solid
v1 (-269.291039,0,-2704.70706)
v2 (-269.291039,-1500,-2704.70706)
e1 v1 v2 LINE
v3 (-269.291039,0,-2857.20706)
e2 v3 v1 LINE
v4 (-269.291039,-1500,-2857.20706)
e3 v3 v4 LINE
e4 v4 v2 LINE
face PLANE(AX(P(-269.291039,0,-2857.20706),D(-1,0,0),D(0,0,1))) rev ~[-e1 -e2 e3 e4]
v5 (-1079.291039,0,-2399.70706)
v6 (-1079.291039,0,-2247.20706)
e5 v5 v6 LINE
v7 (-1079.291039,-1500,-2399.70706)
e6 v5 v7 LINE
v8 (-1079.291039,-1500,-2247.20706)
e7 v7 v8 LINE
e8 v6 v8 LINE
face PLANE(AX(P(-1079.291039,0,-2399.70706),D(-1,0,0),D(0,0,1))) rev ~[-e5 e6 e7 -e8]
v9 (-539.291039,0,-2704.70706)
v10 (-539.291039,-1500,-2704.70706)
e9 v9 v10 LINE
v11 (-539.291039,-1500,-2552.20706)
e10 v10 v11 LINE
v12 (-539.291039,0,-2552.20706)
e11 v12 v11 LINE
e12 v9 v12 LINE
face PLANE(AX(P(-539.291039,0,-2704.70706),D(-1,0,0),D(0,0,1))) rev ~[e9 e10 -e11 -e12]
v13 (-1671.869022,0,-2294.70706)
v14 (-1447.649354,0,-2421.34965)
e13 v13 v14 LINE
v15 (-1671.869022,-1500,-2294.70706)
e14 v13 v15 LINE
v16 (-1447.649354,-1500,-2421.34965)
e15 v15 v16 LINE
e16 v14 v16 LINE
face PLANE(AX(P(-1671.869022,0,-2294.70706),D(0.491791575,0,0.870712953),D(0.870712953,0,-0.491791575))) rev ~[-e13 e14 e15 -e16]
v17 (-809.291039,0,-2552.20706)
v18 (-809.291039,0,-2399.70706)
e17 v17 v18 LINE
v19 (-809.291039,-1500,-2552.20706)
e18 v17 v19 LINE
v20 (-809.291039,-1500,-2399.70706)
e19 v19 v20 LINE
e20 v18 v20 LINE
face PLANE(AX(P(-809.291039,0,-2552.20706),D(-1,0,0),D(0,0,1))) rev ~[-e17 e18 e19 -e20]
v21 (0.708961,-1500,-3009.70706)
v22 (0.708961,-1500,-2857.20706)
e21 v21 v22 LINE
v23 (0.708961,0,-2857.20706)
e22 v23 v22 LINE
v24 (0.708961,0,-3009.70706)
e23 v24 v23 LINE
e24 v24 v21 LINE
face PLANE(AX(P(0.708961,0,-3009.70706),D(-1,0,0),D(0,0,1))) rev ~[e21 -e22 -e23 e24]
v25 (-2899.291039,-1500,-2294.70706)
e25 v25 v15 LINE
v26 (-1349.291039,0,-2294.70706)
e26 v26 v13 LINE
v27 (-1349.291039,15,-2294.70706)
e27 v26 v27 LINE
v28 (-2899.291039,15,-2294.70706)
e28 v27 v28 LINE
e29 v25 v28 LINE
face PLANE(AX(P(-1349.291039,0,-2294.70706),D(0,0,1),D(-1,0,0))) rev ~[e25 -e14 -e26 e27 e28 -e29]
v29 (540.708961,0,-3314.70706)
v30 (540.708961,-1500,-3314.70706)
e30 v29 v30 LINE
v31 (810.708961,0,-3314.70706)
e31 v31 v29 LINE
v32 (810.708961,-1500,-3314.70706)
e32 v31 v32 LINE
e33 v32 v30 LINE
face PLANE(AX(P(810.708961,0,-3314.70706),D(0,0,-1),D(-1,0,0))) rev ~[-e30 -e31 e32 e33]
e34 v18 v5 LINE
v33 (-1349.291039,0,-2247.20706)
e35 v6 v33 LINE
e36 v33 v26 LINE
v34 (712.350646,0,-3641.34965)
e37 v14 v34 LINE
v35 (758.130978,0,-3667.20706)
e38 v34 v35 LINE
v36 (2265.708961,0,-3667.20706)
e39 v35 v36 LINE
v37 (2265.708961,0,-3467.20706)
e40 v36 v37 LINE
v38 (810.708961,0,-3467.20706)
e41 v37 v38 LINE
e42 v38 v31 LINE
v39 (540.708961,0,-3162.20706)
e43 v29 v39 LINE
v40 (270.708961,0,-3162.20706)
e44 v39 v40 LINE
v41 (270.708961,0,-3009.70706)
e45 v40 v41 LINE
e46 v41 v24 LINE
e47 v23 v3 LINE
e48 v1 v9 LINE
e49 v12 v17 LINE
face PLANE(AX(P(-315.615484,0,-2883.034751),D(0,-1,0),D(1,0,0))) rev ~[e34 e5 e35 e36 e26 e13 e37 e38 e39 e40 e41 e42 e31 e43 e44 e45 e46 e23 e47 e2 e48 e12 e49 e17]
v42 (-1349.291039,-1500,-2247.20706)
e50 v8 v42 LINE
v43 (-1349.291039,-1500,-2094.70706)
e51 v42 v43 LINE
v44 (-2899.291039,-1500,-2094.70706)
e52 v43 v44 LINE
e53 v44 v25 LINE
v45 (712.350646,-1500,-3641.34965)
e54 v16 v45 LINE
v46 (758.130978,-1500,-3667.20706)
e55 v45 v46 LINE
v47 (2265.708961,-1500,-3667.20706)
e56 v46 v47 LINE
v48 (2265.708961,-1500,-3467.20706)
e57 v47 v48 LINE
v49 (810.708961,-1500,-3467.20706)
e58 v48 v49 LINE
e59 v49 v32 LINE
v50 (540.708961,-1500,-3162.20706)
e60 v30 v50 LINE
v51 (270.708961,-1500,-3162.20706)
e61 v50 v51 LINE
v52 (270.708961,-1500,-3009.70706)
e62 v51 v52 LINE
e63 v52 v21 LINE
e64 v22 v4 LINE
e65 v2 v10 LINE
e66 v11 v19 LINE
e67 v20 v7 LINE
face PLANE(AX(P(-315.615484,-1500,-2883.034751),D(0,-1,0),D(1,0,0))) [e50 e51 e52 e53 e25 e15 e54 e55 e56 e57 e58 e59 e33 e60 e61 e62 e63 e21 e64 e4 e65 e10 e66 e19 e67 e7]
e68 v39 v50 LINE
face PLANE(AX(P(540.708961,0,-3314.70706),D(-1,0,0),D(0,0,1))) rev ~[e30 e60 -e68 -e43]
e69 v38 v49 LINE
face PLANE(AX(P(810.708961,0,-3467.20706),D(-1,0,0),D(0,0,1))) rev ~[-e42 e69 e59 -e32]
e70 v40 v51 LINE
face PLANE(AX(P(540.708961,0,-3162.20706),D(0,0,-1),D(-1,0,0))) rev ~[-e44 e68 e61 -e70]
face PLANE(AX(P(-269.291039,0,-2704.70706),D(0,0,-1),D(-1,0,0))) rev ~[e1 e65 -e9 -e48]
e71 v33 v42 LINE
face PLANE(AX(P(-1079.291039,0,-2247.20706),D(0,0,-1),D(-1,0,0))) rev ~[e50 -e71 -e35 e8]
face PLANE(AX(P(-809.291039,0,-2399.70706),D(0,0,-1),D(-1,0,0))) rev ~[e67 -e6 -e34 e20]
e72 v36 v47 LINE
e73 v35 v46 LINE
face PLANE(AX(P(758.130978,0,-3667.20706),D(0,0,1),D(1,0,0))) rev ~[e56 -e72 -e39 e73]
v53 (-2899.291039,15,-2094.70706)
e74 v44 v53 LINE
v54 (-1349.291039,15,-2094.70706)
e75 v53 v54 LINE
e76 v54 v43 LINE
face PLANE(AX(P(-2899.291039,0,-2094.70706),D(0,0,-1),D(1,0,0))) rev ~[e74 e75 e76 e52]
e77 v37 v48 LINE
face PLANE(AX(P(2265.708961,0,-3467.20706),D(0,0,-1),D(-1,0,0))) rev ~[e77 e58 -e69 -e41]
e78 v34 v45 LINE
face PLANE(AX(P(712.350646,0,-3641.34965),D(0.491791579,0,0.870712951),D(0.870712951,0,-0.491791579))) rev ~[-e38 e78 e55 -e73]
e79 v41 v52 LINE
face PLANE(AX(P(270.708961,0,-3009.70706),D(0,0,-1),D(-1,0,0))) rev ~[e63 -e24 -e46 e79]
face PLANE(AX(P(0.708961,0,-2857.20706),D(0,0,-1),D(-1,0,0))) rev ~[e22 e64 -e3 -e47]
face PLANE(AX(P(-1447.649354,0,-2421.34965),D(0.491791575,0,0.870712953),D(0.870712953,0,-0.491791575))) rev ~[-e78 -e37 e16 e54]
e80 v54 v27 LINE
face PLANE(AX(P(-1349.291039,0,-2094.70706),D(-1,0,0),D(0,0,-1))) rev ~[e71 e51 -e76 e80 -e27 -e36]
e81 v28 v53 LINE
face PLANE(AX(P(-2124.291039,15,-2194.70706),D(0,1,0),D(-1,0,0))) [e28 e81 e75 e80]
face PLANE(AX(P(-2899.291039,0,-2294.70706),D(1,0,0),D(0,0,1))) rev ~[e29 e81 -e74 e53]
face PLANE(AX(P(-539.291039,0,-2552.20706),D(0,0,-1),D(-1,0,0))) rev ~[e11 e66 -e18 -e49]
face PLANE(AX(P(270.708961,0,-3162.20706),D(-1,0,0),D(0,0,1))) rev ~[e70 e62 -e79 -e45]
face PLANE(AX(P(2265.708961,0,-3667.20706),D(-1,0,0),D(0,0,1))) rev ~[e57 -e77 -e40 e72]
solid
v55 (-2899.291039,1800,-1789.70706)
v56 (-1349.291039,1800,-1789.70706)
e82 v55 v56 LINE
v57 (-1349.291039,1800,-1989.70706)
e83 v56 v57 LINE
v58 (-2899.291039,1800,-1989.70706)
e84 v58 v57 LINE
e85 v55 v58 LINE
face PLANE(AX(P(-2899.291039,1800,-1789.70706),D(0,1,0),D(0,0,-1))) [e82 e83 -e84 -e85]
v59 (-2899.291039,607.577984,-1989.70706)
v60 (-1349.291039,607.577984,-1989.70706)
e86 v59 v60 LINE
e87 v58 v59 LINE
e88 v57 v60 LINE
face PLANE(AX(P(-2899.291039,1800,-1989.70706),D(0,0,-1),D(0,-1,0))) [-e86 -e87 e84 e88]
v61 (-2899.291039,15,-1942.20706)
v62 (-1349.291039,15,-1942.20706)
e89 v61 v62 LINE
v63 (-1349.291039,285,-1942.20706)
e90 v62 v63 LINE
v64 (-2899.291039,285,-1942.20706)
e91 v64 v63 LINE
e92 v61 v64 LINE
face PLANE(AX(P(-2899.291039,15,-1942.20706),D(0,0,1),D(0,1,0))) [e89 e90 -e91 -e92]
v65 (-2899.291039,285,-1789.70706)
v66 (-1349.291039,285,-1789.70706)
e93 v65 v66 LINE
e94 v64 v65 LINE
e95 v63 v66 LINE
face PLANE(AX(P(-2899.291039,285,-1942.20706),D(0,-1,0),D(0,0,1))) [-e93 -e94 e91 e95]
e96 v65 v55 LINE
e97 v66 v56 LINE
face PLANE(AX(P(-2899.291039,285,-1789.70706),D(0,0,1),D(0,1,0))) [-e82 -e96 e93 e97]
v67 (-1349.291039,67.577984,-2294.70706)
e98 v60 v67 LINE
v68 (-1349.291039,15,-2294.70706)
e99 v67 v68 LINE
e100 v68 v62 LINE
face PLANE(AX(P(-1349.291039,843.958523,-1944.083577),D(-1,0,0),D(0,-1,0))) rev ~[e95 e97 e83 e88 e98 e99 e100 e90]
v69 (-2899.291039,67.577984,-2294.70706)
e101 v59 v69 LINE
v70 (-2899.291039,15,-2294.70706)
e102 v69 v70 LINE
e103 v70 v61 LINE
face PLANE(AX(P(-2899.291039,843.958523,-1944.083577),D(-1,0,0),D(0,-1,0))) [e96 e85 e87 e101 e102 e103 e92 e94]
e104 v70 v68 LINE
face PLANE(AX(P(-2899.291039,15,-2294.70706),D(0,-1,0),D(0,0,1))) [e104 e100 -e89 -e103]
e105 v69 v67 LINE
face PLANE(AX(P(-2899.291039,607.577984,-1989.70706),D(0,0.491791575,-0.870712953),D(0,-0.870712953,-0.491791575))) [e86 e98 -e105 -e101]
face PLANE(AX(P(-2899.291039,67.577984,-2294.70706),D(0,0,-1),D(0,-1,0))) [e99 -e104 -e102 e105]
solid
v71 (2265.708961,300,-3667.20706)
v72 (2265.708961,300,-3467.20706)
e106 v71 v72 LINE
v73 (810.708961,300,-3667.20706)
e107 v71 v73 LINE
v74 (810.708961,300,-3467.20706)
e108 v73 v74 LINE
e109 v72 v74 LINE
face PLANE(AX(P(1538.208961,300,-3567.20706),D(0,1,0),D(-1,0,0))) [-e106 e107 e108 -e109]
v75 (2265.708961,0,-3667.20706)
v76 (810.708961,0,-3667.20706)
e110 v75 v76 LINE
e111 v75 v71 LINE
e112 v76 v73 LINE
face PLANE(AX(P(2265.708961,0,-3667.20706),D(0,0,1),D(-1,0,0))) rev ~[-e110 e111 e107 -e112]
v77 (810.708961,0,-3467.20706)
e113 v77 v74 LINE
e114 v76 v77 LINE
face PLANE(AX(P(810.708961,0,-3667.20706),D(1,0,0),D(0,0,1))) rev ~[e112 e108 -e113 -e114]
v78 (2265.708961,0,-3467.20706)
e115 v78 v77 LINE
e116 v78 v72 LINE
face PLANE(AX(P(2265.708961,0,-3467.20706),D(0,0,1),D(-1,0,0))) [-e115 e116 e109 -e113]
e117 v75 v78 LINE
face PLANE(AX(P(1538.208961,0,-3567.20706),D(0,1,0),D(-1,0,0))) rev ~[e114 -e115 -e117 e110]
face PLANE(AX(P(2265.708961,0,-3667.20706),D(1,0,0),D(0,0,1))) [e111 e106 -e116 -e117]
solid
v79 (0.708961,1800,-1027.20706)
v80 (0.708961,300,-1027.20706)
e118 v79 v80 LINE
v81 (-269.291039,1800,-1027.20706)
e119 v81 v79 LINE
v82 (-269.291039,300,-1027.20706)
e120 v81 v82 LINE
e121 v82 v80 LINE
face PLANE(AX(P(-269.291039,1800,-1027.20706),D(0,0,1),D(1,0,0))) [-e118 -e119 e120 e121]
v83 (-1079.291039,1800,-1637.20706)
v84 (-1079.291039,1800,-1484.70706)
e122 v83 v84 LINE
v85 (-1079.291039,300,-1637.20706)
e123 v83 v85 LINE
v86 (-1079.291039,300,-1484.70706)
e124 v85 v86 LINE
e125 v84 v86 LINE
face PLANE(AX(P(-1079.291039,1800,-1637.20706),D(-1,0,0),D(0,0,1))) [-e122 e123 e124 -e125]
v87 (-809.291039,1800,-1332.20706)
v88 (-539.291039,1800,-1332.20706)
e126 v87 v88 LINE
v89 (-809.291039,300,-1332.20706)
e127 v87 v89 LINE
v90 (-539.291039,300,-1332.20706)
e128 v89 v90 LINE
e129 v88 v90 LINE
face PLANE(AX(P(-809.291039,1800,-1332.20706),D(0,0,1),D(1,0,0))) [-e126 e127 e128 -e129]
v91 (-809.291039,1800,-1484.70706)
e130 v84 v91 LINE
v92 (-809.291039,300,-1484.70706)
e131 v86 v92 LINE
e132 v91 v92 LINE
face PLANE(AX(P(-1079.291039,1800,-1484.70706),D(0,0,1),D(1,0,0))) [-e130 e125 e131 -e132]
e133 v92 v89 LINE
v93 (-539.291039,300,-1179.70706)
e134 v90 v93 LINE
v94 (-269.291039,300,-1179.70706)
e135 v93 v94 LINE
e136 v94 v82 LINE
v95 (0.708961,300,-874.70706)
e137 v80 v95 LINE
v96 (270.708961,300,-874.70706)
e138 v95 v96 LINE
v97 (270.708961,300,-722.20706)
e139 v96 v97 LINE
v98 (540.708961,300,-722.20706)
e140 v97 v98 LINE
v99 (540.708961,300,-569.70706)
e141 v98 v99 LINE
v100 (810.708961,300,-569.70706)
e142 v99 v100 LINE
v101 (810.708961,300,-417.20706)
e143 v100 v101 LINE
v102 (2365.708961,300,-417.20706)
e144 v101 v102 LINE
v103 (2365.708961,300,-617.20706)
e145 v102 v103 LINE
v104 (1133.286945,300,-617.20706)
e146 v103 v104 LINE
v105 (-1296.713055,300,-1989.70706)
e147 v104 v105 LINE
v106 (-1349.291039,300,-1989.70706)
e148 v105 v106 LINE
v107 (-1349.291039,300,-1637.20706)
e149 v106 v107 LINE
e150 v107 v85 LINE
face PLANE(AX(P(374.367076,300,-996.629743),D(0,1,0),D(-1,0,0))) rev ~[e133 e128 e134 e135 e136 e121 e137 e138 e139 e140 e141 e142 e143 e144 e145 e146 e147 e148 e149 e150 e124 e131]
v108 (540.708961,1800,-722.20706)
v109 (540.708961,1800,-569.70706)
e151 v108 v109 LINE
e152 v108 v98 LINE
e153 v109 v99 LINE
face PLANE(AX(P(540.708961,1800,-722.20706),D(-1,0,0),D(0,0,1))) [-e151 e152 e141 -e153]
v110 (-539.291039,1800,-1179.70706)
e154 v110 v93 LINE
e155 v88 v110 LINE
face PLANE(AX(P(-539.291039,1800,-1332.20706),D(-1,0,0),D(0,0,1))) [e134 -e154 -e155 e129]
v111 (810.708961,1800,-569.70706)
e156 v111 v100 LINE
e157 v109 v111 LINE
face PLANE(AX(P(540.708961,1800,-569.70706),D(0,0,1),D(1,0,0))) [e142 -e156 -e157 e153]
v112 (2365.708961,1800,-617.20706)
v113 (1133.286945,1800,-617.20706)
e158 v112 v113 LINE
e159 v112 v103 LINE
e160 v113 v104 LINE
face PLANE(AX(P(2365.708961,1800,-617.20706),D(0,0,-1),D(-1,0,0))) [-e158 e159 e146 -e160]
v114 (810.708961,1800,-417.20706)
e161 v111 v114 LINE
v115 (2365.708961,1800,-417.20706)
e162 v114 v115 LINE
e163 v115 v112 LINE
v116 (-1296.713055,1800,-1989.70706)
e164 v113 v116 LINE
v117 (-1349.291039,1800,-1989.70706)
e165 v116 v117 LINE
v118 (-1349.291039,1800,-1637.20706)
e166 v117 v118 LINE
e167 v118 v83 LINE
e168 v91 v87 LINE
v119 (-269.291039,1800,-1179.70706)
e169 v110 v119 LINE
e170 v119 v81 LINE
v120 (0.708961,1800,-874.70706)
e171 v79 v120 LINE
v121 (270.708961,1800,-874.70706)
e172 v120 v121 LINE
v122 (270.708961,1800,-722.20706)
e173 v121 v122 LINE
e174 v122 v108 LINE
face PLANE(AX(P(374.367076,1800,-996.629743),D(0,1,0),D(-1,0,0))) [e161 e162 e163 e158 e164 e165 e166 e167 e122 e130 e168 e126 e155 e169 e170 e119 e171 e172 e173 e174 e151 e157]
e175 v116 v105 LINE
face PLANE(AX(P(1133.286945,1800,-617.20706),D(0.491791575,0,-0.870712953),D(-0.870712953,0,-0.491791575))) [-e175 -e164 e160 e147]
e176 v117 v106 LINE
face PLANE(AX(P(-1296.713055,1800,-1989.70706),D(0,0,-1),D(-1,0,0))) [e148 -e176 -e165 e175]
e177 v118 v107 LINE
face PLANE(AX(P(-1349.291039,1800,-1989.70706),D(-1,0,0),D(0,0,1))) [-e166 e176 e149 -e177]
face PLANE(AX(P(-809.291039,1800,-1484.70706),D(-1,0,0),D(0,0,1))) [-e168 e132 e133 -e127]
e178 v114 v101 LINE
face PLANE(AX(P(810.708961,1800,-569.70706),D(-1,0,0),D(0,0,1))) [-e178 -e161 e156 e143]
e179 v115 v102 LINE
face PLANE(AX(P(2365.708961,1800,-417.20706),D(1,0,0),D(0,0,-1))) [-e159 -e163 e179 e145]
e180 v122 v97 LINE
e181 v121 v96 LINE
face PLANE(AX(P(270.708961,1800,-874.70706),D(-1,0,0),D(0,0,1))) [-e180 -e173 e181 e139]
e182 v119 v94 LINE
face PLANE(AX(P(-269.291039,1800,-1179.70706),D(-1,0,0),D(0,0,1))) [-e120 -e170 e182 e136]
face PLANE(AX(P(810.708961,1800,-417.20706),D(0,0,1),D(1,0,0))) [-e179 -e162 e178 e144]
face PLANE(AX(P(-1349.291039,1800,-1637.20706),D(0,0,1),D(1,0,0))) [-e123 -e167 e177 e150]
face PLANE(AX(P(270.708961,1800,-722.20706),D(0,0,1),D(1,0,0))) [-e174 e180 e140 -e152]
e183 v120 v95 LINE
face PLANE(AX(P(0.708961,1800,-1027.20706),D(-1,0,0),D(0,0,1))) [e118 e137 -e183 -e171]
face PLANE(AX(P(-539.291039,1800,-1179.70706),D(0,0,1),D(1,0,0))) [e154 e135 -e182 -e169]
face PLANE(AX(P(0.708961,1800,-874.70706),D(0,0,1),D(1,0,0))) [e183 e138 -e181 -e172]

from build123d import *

# Parameters (mm, degrees)
F1_DEPTH = 1500
F3_DEPTH = 15
F5_DEPTH = 1550
F7_DEPTH = 1500
F8_W     = 1455
F8_H     = 200
F9_DEPTH = 300


with BuildPart() as f1:
    # F0 (on Front) → F1 (new body)
    with BuildSketch(Plane.XZ):
        Polygon((-1349.291039, -2094.70706), (-2899.291039, -2094.70706), (-2899.291039, -2294.70706), (-1671.869022, -2294.70706), (-1447.649354, -2421.34965), (712.350646, -3641.34965), (758.130978, -3667.20706), (2265.708961, -3667.20706), (2265.708961, -3467.20706), (810.708961, -3467.20706), (810.708961, -3314.70706), (540.708961, -3314.70706), (540.708961, -3162.20706), (270.708961, -3162.20706), (270.708961, -3009.70706), (0.708961, -3009.70706), (0.708961, -2857.20706), (-269.291039, -2857.20706), (-269.291039, -2704.70706), (-539.291039, -2704.70706), (-539.291039, -2552.20706), (-809.291039, -2552.20706), (-809.291039, -2399.70706), (-1079.291039, -2399.70706), (-1079.291039, -2247.20706), (-1349.291039, -2247.20706), align=None)
    extrude(amount=F1_DEPTH)

    # F2 (on face) → F3 (join)
    with BuildSketch(Plane(origin=(0, 0, 0), x_dir=(-1, 0, 0), z_dir=(0, 1, 0))):
        Polygon((1349.291039, -2294.70706), (1671.869022, -2294.70706), (2899.291039, -2294.70706), (2899.291039, -2094.70706), (1349.291039, -2094.70706), (1349.291039, -2247.20706), align=None)
    extrude(amount=F3_DEPTH)


with BuildPart() as f5:
    # F4 (on face) → F5 (new body)
    with BuildSketch(Plane(origin=(-2899.291039, 0, 0), x_dir=(0, -1, 0), z_dir=(-1, 0, 0))):
        Polygon((-15, -2294.70706), (-15, -2094.70706), (-15, -1942.20706), (-285, -1942.20706), (-285, -1789.70706), (-1800, -1789.70706), (-1800, -1989.70706), (-607.577984, -1989.70706), (-67.577984, -2294.70706), align=None)
    extrude(amount=-F5_DEPTH)


with BuildPart() as f7:
    # F6 (on face) → F7 (new body)
    with BuildSketch(Plane(origin=(0, 1800, 0), x_dir=(-1, 0, 0), z_dir=(0, 1, 0))):
        Polygon((1349.291039, -1989.70706), (1349.291039, -1789.70706), (1349.291039, -1637.20706), (1079.291039, -1637.20706), (1079.291039, -1484.70706), (809.291039, -1484.70706), (809.291039, -1332.20706), (539.291039, -1332.20706), (539.291039, -1179.70706), (269.291039, -1179.70706), (269.291039, -1027.20706), (-0.708961, -1027.20706), (-0.708961, -874.70706), (-270.708961, -874.70706), (-270.708961, -722.20706), (-540.708961, -722.20706), (-540.708961, -569.70706), (-810.708961, -569.70706), (-810.708961, -417.20706), (-2365.708961, -417.20706), (-2365.708961, -617.20706), (-1133.286945, -617.20706), (1296.713055, -1989.70706), align=None)
    extrude(amount=-F7_DEPTH)


with BuildPart() as f9:
    # F8 (on face) → F9 (new body)
    with BuildSketch(Plane(origin=(0, 0, 0), x_dir=(-1, 0, 0), z_dir=(0, 1, 0))):
        with Locations((-1538.208961, -3567.20706)):
            Rectangle(F8_W, F8_H)
    extrude(amount=F9_DEPTH)


solid = Compound([f1.part, f5.part, f7.part, f9.part])
